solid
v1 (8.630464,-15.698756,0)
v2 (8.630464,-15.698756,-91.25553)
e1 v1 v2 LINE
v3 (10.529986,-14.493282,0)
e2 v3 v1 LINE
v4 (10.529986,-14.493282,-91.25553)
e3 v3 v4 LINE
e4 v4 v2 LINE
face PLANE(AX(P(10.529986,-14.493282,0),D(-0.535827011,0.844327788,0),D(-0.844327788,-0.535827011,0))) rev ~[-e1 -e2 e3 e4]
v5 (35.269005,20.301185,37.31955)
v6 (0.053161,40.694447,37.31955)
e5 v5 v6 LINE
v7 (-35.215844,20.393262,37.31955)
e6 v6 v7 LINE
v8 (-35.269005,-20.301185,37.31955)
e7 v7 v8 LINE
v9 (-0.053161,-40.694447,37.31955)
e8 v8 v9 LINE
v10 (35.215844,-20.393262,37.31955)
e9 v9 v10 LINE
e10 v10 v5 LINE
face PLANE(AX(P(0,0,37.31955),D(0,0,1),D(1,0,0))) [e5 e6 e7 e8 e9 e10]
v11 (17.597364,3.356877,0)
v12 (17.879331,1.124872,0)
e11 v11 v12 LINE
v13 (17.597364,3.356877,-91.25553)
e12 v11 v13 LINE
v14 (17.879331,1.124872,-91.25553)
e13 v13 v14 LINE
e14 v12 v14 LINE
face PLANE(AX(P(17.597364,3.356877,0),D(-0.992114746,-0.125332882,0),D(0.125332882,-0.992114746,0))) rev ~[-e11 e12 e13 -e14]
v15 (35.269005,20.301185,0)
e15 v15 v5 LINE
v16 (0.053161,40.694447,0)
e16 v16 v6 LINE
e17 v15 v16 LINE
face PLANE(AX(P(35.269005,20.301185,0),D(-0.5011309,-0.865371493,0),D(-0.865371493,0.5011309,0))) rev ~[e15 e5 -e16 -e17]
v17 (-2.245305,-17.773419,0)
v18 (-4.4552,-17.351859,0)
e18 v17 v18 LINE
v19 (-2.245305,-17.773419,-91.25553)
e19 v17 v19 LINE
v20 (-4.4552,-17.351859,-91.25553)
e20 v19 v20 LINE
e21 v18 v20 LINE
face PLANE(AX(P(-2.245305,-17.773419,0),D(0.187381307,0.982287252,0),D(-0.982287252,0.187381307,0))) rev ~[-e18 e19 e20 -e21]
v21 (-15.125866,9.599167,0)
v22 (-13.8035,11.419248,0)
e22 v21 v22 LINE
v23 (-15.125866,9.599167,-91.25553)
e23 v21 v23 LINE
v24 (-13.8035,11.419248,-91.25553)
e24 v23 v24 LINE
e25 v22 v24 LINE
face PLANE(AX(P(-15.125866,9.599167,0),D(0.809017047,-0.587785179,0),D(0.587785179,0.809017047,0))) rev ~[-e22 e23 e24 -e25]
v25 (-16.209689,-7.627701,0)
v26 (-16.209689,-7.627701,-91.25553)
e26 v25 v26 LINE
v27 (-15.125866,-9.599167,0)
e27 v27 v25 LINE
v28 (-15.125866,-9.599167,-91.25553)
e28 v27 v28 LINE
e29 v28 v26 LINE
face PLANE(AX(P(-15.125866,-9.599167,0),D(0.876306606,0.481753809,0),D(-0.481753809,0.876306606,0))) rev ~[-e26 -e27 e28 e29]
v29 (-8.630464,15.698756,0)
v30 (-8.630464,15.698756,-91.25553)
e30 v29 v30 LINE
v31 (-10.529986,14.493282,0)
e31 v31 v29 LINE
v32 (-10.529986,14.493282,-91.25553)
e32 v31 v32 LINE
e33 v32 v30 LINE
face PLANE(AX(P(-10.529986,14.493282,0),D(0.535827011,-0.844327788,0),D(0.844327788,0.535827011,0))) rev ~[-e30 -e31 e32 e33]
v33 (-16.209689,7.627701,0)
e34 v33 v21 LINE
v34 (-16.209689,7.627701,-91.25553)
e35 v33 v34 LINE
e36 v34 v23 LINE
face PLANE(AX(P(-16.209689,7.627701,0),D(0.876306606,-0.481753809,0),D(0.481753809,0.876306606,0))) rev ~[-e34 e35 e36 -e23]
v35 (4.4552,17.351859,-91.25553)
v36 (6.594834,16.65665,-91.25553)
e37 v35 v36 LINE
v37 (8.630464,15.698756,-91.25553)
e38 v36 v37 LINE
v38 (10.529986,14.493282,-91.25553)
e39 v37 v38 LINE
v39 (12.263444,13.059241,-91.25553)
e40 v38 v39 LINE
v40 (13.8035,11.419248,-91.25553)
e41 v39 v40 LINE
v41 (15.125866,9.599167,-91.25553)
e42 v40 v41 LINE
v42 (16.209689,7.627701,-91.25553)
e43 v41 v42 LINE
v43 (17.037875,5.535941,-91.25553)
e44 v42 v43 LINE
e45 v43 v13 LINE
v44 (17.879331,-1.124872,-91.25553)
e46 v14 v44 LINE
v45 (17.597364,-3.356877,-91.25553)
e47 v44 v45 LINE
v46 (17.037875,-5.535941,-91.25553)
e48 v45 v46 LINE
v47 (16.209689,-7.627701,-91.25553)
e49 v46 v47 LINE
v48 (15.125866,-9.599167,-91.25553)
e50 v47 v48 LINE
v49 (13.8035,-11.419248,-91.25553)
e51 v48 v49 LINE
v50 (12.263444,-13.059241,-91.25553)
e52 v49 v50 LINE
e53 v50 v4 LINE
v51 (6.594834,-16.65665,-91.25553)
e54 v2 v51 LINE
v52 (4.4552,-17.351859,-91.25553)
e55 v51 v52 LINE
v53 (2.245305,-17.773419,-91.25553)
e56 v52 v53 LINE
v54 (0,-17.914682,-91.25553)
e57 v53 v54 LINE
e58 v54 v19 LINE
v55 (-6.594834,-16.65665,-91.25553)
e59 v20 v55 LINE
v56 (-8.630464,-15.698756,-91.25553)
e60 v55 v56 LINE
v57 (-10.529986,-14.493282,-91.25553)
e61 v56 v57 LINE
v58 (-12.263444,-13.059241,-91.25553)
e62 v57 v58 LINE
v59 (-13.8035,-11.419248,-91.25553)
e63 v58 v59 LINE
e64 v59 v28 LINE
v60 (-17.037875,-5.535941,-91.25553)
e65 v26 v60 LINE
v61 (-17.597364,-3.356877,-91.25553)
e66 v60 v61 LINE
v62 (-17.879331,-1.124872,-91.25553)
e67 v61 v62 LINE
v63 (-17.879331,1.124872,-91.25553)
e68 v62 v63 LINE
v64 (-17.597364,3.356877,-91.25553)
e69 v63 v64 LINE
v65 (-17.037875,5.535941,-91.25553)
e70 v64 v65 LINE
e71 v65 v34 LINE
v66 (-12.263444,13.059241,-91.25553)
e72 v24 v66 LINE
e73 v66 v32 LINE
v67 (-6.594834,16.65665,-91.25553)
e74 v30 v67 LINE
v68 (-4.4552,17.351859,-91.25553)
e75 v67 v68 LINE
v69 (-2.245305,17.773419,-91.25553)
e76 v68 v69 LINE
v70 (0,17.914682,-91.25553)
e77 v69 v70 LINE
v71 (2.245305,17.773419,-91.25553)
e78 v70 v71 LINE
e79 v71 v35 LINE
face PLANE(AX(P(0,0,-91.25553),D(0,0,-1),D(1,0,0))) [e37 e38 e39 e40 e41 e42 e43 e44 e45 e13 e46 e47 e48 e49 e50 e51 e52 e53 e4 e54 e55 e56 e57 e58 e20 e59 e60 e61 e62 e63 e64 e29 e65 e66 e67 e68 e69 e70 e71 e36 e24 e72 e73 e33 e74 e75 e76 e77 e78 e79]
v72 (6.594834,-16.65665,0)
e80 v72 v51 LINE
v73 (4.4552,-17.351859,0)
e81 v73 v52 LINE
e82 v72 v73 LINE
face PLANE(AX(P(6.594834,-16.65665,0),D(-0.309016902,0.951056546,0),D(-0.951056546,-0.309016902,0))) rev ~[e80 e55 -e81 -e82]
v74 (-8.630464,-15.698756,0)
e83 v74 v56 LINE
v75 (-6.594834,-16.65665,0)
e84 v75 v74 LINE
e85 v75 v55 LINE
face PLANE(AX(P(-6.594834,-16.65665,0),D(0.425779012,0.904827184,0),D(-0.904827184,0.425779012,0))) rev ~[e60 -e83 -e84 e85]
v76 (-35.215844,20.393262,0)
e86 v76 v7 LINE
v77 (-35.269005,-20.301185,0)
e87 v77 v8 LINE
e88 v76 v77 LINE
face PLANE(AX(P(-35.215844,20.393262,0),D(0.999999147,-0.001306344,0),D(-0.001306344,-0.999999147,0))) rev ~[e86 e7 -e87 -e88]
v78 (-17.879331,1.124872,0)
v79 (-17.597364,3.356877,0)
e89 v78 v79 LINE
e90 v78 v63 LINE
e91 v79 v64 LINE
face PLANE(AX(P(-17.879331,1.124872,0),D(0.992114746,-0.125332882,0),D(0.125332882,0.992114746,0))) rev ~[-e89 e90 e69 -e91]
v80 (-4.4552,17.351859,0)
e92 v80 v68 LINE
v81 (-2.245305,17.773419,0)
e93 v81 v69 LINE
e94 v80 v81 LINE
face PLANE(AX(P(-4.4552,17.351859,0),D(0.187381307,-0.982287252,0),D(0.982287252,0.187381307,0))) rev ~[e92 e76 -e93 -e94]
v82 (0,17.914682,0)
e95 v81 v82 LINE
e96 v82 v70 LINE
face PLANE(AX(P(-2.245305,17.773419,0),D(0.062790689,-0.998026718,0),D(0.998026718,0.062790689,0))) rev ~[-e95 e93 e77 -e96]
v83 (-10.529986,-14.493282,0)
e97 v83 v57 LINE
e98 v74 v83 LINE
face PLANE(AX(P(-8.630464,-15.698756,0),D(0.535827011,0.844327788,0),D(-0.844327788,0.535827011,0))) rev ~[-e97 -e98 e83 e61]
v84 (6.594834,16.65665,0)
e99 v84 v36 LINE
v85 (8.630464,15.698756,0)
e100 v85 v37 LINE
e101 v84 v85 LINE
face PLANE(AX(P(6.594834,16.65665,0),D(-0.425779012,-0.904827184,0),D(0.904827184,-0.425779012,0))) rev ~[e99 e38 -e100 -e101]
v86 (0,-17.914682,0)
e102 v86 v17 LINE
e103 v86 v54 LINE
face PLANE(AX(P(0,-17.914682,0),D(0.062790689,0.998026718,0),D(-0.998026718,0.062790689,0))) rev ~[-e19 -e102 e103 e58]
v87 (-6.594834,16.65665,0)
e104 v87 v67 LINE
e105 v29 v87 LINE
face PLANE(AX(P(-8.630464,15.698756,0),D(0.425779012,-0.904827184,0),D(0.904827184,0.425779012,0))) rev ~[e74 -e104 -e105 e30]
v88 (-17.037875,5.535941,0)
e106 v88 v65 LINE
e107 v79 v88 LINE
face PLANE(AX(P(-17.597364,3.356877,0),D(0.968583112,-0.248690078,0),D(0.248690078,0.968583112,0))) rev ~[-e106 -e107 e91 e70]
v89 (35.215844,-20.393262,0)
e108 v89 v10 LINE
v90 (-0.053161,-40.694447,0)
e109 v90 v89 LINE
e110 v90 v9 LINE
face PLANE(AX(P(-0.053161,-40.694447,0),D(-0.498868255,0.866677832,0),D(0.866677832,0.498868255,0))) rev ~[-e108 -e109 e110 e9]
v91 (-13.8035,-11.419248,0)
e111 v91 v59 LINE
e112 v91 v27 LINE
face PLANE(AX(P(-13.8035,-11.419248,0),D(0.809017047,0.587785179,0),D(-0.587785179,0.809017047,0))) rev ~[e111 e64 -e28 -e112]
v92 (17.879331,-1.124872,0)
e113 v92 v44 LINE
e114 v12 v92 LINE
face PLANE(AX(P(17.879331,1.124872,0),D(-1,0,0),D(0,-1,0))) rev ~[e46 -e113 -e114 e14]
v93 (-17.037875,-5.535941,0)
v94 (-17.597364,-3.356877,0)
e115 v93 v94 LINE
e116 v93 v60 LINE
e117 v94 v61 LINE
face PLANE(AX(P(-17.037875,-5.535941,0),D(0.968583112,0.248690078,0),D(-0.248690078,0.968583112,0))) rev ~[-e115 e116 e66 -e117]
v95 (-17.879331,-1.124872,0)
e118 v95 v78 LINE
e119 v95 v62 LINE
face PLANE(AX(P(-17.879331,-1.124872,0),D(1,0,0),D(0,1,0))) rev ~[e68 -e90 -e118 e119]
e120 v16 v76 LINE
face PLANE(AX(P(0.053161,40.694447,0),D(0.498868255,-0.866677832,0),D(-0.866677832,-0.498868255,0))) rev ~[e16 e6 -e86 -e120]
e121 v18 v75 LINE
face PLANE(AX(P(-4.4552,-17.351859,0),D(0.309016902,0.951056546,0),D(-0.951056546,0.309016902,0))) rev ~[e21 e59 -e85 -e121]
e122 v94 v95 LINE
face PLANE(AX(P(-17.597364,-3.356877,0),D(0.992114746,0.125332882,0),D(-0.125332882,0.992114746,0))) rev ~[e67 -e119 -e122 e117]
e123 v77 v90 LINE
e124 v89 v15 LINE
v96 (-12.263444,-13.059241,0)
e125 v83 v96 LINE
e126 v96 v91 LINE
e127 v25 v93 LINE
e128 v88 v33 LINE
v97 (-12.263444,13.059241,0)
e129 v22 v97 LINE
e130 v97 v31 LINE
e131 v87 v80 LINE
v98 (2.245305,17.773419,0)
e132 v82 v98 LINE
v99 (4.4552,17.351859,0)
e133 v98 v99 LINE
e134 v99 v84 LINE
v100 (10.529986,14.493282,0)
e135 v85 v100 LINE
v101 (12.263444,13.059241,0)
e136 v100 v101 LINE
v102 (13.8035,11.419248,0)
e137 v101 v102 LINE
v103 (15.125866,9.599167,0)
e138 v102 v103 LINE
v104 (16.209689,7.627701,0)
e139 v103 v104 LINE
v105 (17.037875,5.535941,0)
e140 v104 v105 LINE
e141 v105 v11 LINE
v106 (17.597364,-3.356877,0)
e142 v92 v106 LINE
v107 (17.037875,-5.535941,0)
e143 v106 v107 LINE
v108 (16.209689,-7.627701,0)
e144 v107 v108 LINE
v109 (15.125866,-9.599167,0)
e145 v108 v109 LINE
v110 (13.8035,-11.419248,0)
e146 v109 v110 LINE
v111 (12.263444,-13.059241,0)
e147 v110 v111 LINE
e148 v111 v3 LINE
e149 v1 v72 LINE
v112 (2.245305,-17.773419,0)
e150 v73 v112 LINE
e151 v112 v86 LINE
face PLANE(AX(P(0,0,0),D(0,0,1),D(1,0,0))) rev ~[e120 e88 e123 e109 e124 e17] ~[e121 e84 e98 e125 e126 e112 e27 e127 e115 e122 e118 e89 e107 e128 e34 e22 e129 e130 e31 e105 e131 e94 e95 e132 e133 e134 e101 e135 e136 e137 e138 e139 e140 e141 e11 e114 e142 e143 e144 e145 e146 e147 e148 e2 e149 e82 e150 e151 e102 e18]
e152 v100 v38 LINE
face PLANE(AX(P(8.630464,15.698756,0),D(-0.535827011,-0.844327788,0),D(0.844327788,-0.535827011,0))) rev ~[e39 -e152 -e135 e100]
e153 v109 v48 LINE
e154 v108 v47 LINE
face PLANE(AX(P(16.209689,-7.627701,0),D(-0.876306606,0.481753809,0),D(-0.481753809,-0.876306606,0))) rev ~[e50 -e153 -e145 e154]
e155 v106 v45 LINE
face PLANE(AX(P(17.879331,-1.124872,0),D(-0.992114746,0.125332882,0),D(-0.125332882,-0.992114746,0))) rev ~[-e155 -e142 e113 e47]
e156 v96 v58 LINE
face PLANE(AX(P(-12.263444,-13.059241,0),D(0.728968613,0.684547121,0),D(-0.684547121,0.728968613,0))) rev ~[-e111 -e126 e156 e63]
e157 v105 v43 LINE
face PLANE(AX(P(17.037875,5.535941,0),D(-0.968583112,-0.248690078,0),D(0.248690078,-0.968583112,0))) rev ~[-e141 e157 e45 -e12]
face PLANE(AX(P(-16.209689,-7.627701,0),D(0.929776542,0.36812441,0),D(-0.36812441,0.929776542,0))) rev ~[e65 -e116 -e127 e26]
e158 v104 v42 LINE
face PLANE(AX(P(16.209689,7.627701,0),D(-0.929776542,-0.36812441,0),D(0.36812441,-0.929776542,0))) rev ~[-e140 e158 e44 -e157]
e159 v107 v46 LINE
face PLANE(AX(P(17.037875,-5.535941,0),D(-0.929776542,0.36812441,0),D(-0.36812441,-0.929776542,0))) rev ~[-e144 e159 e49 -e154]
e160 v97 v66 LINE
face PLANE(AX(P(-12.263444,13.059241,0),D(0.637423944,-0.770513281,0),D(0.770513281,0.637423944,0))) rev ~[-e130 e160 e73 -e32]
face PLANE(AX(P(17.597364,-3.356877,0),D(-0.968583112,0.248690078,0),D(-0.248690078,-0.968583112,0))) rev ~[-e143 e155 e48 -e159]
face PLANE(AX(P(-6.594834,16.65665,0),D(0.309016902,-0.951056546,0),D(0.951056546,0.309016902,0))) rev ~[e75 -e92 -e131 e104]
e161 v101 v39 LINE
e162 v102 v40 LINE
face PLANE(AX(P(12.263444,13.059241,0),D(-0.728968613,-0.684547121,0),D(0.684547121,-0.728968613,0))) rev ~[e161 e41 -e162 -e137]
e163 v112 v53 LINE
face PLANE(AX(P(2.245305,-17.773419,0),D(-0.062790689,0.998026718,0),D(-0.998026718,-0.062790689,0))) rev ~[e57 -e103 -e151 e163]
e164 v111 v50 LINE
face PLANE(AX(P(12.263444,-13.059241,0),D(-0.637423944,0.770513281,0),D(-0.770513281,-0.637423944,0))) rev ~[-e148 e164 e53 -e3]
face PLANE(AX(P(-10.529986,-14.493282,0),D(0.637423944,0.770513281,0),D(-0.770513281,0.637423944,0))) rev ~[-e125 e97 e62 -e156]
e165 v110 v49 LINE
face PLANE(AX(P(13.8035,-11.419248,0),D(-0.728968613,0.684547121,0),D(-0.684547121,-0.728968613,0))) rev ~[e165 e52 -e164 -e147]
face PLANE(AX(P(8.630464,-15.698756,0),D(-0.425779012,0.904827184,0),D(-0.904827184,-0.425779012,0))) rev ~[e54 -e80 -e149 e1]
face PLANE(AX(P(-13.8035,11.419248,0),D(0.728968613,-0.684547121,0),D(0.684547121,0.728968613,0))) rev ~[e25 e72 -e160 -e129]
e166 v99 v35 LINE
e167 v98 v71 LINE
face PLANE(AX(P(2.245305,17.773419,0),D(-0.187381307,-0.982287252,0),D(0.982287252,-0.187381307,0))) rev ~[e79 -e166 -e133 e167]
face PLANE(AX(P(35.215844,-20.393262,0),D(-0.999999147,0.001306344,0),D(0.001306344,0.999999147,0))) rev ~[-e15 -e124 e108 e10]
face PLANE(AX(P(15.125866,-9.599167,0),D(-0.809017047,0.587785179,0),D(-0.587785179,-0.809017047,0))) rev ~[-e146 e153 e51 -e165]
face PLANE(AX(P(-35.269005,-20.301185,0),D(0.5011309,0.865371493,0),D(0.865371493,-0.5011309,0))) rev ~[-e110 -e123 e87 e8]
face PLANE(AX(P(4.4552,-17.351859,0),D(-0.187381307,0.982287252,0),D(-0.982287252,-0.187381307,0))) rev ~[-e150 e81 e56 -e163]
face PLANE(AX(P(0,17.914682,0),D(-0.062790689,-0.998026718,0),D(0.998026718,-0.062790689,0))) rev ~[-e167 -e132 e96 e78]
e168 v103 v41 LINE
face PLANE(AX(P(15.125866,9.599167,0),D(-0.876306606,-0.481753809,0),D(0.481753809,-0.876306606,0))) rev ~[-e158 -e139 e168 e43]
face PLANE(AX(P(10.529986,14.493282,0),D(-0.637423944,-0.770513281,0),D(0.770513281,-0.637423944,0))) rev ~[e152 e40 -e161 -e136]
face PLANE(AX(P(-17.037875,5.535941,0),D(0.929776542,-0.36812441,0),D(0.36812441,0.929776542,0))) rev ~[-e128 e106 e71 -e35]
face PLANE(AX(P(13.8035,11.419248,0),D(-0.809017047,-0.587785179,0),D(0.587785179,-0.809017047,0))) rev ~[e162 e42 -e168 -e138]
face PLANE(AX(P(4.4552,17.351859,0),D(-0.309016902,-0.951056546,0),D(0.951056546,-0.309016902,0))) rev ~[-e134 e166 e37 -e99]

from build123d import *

# Parameters (mm, degrees)
F1_DEPTH = 37.31955
F3_DEPTH = 91.25553


with BuildPart() as f1:
    # F0 (on Top) → F1 (new body)
    with BuildSketch(Plane.XY):
        Polygon((0.053161, 40.694447), (-35.215844, 20.393262), (-35.269005, -20.301185), (-0.053161, -40.694447), (35.215844, -20.393262), (35.269005, 20.301185), align=None)
    extrude(amount=F1_DEPTH)

    # F2 (on face) → F3 (join)
    with BuildSketch(Plane(origin=(0, 0, 0), x_dir=(1, 0, 0), z_dir=(0, 0, -1))):
        Polygon((-17.879331, 1.124872), (-17.879331, -1.124872), (-17.597364, -3.356877), (-17.037875, -5.535941), (-16.209689, -7.627701), (-15.125866, -9.599167), (-13.8035, -11.419248), (-12.263444, -13.059241), (-10.529986, -14.493282), (-8.630464, -15.698756), (-6.594834, -16.65665), (-4.4552, -17.351859), (-2.245305, -17.773419), (0, -17.914682), (2.245305, -17.773419), (4.4552, -17.351859), (6.594834, -16.65665), (8.630464, -15.698756), (10.529986, -14.493282), (12.263444, -13.059241), (13.8035, -11.419248), (15.125866, -9.599167), (16.209689, -7.627701), (17.037875, -5.535941), (17.597364, -3.356877), (17.879331, -1.124872), (17.879331, 1.124872), (17.597364, 3.356877), (17.037875, 5.535941), (16.209689, 7.627701), (15.125866, 9.599167), (13.8035, 11.419248), (12.263444, 13.059241), (10.529986, 14.493282), (8.630464, 15.698756), (6.594834, 16.65665), (4.4552, 17.351859), (2.245305, 17.773419), (0, 17.914682), (-2.245305, 17.773419), (-4.4552, 17.351859), (-6.594834, 16.65665), (-8.630464, 15.698756), (-10.529986, 14.493282), (-12.263444, 13.059241), (-13.8035, 11.419248), (-15.125866, 9.599167), (-16.209689, 7.627701), (-17.037875, 5.535941), (-17.597364, 3.356877), align=None)
    extrude(amount=F3_DEPTH)


solid = f1.part
